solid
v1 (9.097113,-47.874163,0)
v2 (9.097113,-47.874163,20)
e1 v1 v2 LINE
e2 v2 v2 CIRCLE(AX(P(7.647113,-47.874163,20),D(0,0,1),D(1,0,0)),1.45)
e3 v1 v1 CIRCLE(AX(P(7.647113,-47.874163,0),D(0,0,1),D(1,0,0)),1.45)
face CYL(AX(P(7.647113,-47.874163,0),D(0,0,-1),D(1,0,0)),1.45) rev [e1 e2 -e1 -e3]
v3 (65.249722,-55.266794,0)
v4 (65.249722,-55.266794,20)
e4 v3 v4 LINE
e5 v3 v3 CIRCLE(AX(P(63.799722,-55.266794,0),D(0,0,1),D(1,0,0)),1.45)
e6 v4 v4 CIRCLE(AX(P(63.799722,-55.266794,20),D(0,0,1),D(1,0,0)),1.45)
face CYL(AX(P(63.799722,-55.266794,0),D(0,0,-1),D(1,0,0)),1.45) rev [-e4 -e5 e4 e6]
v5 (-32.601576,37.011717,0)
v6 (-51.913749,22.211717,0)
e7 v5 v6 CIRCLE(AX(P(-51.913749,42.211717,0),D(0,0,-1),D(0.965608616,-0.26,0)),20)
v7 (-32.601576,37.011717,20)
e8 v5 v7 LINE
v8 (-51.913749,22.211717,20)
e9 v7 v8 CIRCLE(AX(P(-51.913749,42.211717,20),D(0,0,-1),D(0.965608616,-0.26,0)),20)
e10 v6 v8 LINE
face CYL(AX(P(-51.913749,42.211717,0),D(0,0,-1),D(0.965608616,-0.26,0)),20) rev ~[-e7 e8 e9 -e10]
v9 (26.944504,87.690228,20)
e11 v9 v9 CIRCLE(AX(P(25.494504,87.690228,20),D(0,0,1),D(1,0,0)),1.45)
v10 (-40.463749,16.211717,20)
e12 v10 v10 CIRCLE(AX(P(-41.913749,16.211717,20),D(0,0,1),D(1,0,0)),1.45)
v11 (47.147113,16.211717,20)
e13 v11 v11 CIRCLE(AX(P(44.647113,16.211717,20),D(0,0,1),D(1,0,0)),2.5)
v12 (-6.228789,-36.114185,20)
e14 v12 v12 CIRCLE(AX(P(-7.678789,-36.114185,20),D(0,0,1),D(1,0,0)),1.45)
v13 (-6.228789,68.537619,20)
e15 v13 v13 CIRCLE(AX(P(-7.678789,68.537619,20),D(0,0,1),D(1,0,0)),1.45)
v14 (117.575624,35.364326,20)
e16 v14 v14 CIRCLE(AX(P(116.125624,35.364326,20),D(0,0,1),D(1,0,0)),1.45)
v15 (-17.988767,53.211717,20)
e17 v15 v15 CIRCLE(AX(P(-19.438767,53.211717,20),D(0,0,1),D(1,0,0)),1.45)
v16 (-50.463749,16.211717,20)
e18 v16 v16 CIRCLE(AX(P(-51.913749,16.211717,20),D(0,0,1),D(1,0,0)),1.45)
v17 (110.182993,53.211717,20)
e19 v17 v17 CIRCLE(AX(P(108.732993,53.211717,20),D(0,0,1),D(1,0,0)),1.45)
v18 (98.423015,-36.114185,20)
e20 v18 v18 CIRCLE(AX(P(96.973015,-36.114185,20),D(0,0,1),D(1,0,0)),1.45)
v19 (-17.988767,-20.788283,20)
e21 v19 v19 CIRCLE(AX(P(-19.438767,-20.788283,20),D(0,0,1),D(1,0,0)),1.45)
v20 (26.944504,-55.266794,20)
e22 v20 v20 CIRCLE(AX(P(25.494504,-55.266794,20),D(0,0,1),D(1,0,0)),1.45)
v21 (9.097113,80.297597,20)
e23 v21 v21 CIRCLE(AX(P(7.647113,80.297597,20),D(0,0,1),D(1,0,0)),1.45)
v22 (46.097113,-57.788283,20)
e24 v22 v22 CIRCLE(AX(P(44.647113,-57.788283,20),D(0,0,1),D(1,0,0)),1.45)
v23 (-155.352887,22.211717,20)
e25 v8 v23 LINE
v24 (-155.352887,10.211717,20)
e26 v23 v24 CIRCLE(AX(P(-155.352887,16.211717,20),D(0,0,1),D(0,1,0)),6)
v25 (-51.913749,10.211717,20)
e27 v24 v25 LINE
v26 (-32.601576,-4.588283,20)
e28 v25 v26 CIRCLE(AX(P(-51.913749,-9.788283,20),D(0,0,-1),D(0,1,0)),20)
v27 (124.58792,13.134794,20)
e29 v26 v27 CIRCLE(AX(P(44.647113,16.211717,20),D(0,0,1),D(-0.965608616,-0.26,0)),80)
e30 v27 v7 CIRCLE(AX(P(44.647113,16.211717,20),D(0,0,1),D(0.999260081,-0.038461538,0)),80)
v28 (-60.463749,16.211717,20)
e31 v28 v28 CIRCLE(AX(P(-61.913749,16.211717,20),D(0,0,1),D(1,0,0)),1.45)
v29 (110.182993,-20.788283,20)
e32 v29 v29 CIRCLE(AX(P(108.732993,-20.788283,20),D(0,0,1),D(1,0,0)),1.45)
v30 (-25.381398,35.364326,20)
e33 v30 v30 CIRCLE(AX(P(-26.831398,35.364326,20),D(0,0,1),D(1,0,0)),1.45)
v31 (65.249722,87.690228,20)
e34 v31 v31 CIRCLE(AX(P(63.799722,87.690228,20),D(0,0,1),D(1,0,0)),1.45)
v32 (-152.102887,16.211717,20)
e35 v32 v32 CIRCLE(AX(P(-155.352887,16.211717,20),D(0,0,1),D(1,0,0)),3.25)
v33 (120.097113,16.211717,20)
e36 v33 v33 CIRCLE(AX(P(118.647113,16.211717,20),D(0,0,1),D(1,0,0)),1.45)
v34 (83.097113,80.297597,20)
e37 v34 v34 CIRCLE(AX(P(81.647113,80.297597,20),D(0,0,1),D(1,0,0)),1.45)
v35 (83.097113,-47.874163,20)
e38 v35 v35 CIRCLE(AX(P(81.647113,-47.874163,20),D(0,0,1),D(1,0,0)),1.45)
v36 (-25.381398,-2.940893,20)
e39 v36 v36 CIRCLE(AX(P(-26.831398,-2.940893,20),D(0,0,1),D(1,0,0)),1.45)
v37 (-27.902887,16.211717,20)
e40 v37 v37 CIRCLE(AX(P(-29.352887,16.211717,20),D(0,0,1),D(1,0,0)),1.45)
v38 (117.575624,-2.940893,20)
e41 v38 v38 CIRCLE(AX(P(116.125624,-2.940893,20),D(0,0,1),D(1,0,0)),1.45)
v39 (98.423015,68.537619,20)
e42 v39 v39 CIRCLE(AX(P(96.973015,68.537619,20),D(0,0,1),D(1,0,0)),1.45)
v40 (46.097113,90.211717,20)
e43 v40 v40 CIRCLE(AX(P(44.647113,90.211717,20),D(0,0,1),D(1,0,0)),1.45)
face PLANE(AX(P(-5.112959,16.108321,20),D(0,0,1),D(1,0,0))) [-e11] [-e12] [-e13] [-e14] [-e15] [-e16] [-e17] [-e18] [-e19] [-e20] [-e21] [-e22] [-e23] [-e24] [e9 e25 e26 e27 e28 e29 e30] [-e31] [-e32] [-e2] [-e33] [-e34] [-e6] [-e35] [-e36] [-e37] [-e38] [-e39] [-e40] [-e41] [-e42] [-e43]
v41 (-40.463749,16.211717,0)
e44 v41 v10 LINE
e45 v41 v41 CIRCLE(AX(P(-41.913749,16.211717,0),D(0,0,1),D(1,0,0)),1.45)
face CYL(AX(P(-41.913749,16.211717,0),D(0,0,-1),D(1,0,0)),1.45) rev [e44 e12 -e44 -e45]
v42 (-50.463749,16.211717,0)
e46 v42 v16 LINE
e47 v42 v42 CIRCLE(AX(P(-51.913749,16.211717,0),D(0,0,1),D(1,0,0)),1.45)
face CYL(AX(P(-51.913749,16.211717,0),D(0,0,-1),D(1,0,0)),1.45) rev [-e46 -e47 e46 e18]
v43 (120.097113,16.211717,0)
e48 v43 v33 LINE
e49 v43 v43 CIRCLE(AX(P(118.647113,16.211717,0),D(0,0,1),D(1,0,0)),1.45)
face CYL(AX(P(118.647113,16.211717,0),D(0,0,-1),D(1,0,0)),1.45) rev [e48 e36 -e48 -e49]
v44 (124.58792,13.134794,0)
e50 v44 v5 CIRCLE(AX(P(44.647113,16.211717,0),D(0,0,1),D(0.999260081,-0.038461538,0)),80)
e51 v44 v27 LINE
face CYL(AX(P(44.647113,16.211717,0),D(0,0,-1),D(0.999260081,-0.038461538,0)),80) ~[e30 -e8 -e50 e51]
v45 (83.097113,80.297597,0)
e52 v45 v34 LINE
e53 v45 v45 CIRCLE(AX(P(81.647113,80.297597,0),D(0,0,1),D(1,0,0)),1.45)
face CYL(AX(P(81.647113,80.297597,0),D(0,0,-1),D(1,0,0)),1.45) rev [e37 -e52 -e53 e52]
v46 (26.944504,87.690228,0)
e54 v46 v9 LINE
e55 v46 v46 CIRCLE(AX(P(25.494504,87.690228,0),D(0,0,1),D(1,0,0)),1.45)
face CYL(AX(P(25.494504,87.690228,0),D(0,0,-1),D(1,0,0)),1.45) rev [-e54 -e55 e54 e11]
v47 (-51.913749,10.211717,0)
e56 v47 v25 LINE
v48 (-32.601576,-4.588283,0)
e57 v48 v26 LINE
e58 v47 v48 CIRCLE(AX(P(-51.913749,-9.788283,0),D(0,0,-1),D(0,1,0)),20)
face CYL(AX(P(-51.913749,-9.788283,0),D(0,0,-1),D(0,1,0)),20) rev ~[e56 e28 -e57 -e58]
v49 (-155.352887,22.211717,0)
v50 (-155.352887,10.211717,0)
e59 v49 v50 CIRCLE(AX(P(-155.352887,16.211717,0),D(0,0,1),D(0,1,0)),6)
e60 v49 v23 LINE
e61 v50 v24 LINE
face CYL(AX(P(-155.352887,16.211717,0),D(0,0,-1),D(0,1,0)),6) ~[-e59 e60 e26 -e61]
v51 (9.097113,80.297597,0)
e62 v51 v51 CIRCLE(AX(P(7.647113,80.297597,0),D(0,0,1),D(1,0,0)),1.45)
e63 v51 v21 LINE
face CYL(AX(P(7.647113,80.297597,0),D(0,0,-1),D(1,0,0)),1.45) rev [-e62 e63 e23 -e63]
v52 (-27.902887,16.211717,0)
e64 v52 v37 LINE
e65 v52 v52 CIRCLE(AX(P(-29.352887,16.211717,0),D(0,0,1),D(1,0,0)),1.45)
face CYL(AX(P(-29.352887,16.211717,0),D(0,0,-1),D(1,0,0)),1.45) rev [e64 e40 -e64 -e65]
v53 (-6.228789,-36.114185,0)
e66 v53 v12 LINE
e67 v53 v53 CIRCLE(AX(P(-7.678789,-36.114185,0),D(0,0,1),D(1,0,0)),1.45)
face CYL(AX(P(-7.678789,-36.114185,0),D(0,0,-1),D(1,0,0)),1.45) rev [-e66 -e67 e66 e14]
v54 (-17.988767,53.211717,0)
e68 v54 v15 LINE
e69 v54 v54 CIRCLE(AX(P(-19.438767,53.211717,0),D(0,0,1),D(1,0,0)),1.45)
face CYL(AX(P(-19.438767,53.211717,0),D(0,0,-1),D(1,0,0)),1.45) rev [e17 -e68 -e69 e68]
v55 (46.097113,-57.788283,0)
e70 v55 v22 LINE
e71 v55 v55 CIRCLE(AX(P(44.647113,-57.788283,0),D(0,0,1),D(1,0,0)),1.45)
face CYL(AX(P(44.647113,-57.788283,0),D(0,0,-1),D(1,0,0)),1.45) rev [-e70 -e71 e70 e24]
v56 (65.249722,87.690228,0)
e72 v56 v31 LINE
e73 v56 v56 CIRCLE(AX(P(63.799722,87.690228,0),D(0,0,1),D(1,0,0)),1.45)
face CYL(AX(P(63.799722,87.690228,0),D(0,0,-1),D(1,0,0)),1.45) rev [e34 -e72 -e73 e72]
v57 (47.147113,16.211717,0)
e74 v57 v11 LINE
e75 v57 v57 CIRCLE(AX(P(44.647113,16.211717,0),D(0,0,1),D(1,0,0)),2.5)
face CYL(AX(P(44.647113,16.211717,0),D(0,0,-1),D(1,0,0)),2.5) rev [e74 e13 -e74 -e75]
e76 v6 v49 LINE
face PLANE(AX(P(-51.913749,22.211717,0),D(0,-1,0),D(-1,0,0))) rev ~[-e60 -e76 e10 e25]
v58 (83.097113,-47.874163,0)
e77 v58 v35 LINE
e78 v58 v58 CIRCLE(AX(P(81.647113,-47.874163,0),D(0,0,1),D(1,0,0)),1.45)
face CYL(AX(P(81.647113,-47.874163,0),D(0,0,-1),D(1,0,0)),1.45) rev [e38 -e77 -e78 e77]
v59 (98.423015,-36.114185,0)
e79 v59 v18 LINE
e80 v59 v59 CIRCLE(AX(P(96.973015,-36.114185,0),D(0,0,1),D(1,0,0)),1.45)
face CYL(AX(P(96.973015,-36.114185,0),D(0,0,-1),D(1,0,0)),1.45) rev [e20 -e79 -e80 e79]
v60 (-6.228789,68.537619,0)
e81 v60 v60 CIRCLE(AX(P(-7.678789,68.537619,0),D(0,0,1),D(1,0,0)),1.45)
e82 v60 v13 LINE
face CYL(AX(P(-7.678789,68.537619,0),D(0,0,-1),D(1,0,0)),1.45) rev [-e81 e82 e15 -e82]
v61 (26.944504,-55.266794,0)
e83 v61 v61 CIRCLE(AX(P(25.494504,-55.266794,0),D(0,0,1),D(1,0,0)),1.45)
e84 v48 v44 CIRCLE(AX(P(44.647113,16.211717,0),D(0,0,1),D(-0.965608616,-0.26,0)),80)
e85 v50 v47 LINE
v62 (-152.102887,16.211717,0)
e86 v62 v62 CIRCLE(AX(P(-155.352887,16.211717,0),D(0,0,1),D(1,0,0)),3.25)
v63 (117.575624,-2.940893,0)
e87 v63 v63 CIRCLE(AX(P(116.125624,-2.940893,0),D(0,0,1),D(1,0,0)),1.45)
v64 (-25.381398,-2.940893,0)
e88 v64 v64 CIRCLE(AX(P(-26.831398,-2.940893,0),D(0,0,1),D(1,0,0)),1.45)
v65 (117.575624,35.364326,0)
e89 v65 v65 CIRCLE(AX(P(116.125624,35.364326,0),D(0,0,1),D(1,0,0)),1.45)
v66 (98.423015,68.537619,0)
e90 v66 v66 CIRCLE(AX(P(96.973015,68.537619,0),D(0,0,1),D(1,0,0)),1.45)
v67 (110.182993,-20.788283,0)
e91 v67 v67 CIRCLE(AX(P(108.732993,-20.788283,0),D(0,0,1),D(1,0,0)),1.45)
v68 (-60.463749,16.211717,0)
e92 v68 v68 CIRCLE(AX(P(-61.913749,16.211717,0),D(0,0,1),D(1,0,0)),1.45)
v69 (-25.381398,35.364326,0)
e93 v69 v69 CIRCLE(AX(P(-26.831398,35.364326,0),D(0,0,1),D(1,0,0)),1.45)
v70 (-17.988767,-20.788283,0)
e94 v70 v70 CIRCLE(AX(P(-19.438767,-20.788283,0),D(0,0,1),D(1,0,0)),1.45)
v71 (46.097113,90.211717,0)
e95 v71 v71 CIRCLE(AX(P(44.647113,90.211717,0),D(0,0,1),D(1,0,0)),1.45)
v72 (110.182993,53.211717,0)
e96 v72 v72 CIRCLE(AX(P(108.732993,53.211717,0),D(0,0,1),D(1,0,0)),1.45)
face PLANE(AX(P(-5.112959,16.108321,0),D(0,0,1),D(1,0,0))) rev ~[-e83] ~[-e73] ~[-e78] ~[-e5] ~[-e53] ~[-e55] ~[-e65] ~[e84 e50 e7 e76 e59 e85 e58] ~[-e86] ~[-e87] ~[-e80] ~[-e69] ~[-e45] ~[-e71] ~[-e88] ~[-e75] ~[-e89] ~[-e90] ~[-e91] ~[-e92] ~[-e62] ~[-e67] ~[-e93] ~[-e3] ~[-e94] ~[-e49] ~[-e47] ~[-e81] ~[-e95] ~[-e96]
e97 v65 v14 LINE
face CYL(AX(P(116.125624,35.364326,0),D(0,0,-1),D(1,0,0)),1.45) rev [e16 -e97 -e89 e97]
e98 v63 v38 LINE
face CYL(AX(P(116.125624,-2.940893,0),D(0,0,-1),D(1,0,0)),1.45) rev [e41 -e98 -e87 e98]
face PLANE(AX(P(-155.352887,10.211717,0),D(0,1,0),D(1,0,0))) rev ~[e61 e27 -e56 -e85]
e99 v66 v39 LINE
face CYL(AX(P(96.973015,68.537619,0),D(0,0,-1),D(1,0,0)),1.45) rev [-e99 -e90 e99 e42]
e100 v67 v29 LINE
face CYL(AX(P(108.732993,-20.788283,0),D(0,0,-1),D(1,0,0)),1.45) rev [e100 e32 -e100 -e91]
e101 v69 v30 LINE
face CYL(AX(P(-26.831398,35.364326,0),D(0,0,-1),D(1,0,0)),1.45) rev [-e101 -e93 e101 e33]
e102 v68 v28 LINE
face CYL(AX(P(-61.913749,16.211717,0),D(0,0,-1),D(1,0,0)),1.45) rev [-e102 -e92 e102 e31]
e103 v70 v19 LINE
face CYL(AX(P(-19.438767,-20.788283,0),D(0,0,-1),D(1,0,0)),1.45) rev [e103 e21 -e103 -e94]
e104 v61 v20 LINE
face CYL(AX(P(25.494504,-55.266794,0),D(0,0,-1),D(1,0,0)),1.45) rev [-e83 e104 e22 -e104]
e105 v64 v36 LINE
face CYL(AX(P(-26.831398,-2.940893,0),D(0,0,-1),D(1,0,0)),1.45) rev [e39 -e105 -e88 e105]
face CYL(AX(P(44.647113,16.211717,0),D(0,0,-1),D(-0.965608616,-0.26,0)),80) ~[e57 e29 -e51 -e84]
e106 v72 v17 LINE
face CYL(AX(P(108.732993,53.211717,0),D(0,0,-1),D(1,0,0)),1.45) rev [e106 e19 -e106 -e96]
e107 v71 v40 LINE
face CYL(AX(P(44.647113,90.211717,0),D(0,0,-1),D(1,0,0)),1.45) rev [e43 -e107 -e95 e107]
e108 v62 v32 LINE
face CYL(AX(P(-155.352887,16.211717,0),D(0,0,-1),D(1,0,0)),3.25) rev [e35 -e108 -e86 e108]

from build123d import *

# Parameters (mm, degrees)
SKETCH1_R           = 1.45
SKETCH1_R_2         = 1.450000001
SKETCH1_R_3         = 3.250000001
SKETCH1_R_4         = 2.5
BOSS_EXTRUDE2_DEPTH = 20


with BuildPart() as part:
    # Sketch1 → Boss-Extrude2 (new body)
    with BuildSketch(Plane.XY):
        with BuildLine():
            Line((-155.352886895, 10.211716756), (-51.913748531, 10.211716756))
            ThreePointArc((-51.913748531, 10.211716756), (-39.74822347, 6.086224622), (-32.601576204, -4.588283244))
            ThreePointArc((-32.601576204, -4.588283244), (53.610301025, -63.284580406), (124.587919611, 13.13479368))
            ThreePointArc((124.587919611, 13.13479368), (56.661218885, 95.304455124), (-32.601576204, 37.011716756))
            ThreePointArc((-32.601576204, 37.011716756), (-39.74822347, 26.33720889), (-51.913748531, 22.211716756))
            Line((-51.913748531, 22.211716756), (-155.352886895, 22.211716756))
            ThreePointArc((-155.352886895, 22.211716756), (-161.352886895, 16.211716756), (-155.352886895, 10.211716756))
        make_face()
        with Locations((-19.438766773, -20.788283244)):
            Circle(SKETCH1_R, mode=Mode.SUBTRACT)
        with Locations((-26.831398039, -2.940892579)):
            Circle(SKETCH1_R_2, mode=Mode.SUBTRACT)
        with Locations((-155.352886895, 16.211716756)):
            Circle(SKETCH1_R_3, mode=Mode.SUBTRACT)
        with Locations((-26.831398039, 35.364326096)):
            Circle(SKETCH1_R_2, mode=Mode.SUBTRACT)
        with Locations((-19.438766774, 53.211716759)):
            Circle(SKETCH1_R_2, mode=Mode.SUBTRACT)
        with Locations((-29.352886893, 16.211716758)):
            Circle(SKETCH1_R_2, mode=Mode.SUBTRACT)
        with Locations((-51.913748531, 16.211716758)):
            Circle(SKETCH1_R, mode=Mode.SUBTRACT)
        with Locations((-41.913748531, 16.211716758)):
            Circle(SKETCH1_R, mode=Mode.SUBTRACT)
        with Locations((-61.913748531, 16.211716758)):
            Circle(SKETCH1_R, mode=Mode.SUBTRACT)
        with Locations((116.125624253, -2.940892579)):
            Circle(SKETCH1_R_2, mode=Mode.SUBTRACT)
        with Locations((108.732992988, -20.788283242)):
            Circle(SKETCH1_R_2, mode=Mode.SUBTRACT)
        with Locations((96.973014915, -36.114185049)):
            Circle(SKETCH1_R_2, mode=Mode.SUBTRACT)
        with Locations((81.647113106, -47.874163121)):
            Circle(SKETCH1_R_2, mode=Mode.SUBTRACT)
        with Locations((63.799722443, -55.266794386)):
            Circle(SKETCH1_R_2, mode=Mode.SUBTRACT)
        with Locations((44.647113106, -57.788283242)):
            Circle(SKETCH1_R_2, mode=Mode.SUBTRACT)
        with Locations((25.494503768, -55.266794386)):
            Circle(SKETCH1_R_2, mode=Mode.SUBTRACT)
        with Locations((7.647113108, -47.874163121)):
            Circle(SKETCH1_R_2, mode=Mode.SUBTRACT)
        with Locations((-7.678788702, -36.114185049)):
            Circle(SKETCH1_R_2, mode=Mode.SUBTRACT)
        with Locations((44.647113106, 16.211716756)):
            Circle(SKETCH1_R_4, mode=Mode.SUBTRACT)
        with Locations((-7.678788702, 68.537618566)):
            Circle(SKETCH1_R_2, mode=Mode.SUBTRACT)
        with Locations((7.647113108, 80.297596638)):
            Circle(SKETCH1_R_2, mode=Mode.SUBTRACT)
        with Locations((25.494503768, 87.690227903)):
            Circle(SKETCH1_R_2, mode=Mode.SUBTRACT)
        with Locations((44.647113106, 90.211716759)):
            Circle(SKETCH1_R_2, mode=Mode.SUBTRACT)
        with Locations((63.799722443, 87.690227903)):
            Circle(SKETCH1_R_2, mode=Mode.SUBTRACT)
        with Locations((81.647113106, 80.297596638)):
            Circle(SKETCH1_R_2, mode=Mode.SUBTRACT)
        with Locations((96.973014915, 68.537618566)):
            Circle(SKETCH1_R_2, mode=Mode.SUBTRACT)
        with Locations((108.732992988, 53.211716759)):
            Circle(SKETCH1_R_2, mode=Mode.SUBTRACT)
        with Locations((116.125624253, 35.364326096)):
            Circle(SKETCH1_R_2, mode=Mode.SUBTRACT)
        with Locations((118.647113104, 16.211716758)):
            Circle(SKETCH1_R_2, mode=Mode.SUBTRACT)
    extrude(amount=BOSS_EXTRUDE2_DEPTH)


solid = part.part
